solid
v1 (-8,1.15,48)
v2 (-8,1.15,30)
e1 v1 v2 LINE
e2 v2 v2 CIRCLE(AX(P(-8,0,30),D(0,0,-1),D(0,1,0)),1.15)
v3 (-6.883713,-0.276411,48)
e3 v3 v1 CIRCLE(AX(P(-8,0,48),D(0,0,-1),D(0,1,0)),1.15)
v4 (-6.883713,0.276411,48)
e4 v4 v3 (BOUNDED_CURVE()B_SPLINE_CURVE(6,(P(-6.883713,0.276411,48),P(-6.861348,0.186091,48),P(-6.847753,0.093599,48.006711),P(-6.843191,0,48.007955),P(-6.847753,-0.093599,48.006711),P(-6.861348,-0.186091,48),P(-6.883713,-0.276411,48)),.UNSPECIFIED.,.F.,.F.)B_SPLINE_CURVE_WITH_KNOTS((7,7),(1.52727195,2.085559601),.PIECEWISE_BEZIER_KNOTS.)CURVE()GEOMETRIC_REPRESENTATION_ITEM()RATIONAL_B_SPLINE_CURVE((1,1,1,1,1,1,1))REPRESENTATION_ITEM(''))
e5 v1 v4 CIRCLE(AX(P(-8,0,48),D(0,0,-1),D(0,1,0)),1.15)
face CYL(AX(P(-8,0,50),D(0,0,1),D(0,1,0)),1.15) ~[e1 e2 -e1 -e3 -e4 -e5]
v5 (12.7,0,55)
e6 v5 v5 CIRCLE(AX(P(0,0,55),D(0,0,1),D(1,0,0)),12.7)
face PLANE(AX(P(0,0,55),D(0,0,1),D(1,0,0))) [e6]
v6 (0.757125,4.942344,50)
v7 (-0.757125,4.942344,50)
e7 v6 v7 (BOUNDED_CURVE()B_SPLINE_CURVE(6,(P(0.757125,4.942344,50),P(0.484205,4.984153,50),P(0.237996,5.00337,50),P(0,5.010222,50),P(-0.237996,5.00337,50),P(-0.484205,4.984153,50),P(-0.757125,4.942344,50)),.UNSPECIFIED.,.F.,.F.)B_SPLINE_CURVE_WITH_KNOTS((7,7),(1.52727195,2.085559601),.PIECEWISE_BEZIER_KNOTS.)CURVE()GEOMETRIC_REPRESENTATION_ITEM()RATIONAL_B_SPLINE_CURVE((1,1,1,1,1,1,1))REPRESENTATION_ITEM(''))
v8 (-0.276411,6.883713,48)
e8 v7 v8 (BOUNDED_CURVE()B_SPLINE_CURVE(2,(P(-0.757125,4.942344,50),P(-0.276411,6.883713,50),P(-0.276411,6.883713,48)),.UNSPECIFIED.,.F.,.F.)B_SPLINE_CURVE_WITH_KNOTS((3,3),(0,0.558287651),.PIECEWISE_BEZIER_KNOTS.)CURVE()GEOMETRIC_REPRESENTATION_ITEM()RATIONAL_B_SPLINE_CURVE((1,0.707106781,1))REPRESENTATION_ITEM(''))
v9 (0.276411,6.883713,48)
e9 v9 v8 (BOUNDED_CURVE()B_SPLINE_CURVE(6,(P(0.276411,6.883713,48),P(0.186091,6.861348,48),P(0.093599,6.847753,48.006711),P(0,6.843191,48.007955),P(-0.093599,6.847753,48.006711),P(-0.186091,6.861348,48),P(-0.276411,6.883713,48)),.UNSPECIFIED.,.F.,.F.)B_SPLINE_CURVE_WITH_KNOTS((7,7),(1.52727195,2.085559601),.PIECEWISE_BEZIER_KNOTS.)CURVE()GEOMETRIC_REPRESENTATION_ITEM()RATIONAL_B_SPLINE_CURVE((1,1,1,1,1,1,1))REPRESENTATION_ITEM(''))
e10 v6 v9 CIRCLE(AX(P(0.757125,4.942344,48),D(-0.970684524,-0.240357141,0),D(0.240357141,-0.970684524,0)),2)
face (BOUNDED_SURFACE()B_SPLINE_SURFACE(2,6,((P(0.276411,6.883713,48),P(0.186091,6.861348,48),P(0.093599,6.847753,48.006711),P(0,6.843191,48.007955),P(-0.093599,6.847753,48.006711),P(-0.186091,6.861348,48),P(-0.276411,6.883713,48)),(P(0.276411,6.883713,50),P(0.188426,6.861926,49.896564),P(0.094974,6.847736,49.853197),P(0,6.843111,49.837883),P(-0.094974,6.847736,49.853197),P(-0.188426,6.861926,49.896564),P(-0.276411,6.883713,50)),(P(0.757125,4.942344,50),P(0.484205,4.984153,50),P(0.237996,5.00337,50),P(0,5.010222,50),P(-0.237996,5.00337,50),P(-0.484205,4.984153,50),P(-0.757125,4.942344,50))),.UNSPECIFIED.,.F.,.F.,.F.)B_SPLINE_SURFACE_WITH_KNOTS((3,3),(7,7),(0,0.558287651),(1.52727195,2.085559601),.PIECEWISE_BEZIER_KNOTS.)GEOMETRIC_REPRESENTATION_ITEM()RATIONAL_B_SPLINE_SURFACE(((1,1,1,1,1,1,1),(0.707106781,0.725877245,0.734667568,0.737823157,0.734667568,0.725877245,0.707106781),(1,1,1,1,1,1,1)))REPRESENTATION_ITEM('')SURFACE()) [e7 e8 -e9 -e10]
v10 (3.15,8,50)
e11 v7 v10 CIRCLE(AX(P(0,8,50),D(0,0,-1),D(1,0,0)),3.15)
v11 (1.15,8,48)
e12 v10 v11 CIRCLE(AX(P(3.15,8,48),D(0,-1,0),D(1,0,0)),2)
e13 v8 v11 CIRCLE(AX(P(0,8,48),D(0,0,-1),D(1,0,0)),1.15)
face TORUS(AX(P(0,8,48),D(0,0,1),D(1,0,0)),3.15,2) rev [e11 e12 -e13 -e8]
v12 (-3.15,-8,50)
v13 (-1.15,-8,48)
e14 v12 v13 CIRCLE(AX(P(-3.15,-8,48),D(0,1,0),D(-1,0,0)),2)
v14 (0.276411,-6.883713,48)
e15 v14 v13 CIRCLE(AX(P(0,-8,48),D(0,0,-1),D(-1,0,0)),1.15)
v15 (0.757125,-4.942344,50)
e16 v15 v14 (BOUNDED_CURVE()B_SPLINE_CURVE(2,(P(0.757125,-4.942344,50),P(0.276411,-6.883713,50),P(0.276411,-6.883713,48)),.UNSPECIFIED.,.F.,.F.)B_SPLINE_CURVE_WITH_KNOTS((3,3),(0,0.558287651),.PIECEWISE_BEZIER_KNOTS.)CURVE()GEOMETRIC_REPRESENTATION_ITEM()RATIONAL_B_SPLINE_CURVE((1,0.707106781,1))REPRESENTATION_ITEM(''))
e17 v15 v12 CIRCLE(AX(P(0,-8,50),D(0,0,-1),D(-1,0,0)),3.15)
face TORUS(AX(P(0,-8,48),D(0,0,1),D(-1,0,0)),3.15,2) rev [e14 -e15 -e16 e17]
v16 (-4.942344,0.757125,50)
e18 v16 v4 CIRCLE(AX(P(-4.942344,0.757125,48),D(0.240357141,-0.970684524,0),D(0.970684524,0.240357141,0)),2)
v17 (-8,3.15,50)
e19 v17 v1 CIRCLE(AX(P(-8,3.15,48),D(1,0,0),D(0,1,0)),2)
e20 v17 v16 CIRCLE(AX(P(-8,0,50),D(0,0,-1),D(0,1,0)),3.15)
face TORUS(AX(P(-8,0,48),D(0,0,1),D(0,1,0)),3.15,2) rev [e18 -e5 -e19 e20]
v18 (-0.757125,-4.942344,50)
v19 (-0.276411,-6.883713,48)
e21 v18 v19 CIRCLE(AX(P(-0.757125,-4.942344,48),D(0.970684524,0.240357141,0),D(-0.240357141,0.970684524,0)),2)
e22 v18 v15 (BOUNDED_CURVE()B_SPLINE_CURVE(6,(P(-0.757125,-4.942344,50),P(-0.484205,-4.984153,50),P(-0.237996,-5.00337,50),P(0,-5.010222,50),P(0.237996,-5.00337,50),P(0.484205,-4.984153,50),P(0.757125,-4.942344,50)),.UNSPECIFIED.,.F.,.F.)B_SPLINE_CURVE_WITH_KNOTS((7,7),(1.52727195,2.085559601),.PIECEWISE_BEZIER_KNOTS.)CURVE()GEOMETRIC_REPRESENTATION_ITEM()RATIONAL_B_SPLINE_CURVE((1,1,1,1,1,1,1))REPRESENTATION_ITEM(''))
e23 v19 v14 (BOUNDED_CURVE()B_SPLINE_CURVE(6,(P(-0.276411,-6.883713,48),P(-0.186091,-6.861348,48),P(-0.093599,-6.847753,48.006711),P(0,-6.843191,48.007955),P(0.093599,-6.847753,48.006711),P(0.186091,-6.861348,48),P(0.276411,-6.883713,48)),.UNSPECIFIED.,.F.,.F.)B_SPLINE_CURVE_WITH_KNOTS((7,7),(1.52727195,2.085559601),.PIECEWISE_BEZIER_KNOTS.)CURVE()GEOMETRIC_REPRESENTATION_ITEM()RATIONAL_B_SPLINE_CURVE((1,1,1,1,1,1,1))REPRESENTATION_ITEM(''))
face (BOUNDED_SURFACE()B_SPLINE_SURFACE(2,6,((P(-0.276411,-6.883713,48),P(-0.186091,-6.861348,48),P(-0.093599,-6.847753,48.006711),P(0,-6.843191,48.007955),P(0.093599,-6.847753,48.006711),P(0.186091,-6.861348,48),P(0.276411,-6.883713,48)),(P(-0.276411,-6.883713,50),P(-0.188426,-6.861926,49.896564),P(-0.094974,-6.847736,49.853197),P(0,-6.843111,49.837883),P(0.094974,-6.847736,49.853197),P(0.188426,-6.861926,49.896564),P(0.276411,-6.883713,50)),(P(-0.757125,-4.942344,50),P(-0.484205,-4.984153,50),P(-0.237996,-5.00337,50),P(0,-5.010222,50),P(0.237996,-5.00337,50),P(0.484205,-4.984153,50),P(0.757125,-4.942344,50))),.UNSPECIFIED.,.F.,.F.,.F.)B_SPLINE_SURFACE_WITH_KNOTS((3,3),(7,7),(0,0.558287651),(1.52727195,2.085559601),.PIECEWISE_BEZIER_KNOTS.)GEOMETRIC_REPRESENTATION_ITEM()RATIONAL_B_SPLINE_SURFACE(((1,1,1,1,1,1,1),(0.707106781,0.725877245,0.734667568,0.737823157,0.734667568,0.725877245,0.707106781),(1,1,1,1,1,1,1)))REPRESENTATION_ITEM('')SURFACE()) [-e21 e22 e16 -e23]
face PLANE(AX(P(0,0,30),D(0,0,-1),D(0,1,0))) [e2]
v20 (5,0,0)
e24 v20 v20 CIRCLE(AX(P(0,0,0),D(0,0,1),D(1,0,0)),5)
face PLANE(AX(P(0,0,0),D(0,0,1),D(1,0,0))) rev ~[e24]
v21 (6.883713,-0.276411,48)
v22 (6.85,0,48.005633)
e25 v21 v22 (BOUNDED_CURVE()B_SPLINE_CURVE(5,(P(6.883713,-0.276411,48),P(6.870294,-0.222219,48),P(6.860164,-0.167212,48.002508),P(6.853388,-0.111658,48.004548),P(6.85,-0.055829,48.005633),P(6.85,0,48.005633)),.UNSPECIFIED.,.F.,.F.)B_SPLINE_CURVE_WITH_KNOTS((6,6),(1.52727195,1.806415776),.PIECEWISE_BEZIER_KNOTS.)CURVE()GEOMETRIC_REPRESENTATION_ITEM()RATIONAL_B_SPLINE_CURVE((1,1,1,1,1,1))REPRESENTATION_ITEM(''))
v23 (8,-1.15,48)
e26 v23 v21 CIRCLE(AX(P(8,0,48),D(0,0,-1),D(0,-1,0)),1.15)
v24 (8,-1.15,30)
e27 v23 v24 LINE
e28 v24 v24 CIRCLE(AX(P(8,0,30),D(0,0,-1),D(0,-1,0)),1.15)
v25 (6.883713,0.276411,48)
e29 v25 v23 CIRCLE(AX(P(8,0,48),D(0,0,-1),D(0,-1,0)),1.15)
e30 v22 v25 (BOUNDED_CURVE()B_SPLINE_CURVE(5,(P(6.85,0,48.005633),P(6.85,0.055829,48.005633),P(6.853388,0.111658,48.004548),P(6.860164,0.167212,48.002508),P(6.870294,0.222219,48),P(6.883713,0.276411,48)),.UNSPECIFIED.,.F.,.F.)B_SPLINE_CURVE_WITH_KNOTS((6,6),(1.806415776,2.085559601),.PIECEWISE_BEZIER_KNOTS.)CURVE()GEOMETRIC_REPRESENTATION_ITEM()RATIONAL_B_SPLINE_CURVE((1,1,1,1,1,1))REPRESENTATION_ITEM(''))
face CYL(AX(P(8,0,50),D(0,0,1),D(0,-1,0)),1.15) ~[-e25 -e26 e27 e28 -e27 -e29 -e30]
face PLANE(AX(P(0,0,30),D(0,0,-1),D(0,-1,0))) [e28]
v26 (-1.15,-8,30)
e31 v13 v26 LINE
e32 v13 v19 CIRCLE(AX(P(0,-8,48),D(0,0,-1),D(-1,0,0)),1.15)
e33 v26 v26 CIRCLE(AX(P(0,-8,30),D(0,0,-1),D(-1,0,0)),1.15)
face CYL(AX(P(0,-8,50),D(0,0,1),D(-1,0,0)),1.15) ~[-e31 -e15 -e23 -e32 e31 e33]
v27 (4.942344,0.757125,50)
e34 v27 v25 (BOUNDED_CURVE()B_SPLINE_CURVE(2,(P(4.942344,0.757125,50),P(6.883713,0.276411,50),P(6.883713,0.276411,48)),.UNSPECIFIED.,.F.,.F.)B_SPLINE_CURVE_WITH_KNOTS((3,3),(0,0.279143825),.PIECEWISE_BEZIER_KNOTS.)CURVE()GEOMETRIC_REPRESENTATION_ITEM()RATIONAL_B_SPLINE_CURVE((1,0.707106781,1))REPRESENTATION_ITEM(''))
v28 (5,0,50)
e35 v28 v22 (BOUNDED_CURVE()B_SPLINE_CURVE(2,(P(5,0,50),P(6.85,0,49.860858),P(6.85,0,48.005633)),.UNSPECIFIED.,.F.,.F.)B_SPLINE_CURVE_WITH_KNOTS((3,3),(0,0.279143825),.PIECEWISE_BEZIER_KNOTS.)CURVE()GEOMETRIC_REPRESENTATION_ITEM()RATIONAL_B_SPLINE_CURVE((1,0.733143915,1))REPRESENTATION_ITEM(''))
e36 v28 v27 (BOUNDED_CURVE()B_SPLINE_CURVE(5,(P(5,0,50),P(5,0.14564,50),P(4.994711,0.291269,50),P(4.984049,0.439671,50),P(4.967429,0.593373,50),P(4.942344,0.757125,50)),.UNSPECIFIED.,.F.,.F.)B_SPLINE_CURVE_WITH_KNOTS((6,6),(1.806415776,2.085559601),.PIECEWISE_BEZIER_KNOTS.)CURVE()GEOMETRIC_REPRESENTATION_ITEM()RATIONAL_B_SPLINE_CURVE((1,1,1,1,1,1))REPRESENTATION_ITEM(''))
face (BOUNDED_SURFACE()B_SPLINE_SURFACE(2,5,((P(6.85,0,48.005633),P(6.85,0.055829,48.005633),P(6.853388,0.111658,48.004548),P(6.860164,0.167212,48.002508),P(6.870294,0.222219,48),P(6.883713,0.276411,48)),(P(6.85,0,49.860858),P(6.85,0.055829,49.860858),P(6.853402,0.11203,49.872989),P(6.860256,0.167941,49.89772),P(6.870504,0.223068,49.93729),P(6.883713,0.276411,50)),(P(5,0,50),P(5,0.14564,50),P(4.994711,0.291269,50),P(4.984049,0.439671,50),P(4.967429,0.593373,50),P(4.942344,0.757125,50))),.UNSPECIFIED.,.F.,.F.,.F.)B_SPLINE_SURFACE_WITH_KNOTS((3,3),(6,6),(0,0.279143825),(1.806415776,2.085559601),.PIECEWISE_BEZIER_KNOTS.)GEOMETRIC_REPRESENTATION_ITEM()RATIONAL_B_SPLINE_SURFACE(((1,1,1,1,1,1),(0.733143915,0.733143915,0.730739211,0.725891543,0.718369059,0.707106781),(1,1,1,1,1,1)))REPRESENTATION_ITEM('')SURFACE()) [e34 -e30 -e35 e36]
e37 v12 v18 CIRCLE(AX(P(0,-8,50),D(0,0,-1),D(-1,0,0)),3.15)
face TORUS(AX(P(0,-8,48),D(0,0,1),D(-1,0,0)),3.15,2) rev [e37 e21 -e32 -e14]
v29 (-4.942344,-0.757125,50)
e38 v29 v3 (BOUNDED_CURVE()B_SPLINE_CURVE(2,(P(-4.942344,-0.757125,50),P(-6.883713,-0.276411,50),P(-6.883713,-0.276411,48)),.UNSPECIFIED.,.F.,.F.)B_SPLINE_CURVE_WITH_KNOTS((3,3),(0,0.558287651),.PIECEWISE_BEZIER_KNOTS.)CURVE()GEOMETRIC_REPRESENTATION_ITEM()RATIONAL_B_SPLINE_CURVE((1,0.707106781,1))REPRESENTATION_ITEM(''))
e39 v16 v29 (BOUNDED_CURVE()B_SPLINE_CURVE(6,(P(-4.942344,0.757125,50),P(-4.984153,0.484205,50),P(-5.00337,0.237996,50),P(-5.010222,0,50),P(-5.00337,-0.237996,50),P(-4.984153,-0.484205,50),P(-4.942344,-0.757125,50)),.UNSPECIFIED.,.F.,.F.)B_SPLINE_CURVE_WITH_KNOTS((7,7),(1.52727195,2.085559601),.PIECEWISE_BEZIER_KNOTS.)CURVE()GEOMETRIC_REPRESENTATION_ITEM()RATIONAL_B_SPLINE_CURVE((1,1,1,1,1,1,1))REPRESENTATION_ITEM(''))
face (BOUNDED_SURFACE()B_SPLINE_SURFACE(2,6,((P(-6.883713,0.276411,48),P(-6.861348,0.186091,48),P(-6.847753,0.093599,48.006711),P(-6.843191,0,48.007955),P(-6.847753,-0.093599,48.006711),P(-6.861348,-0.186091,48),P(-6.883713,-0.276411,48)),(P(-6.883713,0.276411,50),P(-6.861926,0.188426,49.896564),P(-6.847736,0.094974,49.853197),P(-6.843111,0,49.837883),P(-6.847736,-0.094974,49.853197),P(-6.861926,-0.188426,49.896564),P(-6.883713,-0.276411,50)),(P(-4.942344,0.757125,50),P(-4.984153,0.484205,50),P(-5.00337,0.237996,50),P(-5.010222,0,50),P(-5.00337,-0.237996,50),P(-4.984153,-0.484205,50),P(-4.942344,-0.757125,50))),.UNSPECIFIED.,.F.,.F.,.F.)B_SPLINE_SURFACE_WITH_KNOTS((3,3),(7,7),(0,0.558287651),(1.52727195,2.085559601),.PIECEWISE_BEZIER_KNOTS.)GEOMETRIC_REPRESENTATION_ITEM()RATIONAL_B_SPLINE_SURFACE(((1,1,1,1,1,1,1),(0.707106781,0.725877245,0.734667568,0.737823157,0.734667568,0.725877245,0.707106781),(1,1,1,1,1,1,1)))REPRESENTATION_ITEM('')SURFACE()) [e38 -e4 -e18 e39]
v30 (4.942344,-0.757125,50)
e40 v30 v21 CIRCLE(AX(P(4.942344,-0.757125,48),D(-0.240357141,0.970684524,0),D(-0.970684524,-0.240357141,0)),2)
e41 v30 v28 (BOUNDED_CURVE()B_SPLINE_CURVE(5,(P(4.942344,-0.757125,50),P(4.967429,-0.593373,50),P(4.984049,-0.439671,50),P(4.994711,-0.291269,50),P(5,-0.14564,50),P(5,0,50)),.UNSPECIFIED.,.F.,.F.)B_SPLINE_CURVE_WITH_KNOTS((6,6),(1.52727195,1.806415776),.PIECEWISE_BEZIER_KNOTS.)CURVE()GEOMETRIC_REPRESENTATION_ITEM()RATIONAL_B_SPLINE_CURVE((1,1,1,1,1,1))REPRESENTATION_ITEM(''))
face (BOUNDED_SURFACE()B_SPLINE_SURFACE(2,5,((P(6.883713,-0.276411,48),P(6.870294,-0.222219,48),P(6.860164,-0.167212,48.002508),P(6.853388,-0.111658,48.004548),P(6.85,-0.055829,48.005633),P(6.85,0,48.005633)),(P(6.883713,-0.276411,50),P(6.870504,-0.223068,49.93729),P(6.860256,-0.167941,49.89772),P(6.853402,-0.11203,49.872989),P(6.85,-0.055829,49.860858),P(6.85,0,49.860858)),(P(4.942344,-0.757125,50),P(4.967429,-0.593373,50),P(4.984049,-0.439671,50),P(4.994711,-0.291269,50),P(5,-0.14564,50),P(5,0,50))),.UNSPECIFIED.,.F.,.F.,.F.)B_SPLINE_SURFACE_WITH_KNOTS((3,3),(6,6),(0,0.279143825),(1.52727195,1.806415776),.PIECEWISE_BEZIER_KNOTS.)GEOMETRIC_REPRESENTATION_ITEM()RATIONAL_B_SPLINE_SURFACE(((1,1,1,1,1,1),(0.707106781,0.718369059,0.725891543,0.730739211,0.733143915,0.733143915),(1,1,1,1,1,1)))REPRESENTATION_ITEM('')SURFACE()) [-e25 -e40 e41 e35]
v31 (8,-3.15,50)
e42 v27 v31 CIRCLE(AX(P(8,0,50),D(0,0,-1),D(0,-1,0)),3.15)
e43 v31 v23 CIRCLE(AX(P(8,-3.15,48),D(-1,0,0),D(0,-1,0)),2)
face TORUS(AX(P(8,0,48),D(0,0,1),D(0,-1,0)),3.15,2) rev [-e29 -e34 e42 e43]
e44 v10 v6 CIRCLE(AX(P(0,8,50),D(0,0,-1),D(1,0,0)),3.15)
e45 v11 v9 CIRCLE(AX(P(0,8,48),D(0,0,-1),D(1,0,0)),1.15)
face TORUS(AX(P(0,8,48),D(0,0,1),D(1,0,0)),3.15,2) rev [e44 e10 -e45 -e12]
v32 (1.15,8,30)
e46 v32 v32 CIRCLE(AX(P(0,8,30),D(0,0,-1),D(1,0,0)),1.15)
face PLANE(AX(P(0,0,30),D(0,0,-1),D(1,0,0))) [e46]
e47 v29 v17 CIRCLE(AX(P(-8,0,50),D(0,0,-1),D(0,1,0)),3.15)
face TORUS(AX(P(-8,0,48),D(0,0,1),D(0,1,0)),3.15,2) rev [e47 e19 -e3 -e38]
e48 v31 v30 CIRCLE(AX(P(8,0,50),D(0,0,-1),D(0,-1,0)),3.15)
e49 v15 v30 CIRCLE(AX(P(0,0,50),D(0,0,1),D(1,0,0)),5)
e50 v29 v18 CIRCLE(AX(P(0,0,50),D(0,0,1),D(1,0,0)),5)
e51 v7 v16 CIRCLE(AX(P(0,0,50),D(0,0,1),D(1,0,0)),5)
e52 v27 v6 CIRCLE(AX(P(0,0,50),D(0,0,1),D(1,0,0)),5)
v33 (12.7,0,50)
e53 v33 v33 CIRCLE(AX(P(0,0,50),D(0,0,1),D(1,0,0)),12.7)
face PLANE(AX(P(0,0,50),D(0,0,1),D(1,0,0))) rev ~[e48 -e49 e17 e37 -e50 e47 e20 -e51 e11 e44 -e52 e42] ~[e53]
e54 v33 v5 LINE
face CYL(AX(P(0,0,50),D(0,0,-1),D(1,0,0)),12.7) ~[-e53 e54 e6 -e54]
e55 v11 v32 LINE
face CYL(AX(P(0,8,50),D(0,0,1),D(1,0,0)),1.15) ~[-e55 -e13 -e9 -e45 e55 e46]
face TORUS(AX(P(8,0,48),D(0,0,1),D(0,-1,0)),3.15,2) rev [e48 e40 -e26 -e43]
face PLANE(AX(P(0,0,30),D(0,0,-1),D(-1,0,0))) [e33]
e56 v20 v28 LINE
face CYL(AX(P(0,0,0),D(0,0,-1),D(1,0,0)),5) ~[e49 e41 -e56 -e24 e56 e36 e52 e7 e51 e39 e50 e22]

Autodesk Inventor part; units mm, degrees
ref_plane "YZ Plane" through (0, 0, 0) normal (1, 0, 0) x (0, 1, 0)
ref_plane "XZ Plane" through (0, 0, 0) normal (0, 1, 0) x (-1, 0, 0)
ref_plane "XY Plane" through (0, 0, 0) normal (0, 0, 1) x (1, 0, 0)
sketch "Sketch1" plane through (0, 0, 0) normal (0, 0, 1) x (1, 0, 0)
  circle A0 centre (0, 0) radius 5
  dimension "d0" = 10
extrude "Extrusion1" add sketch "Sketch1" along normal blind 50
sketch "Sketch2" plane through (0, 0, 50) normal (0, 0, 1) x (1, 0, 0)
  circle A0 centre (0, 0) radius 5 projected
  circle A1 centre (0, 0) radius 12.7
  dimension "d3" = 25.4
extrude "Extrusion2" add sketch "Sketch2" along normal blind 5 contours A0 | A1
sketch "Sketch4" plane through (0, 0, 50) normal (0, 0, -1) x (-1, 0, 0)
  circle A0 centre (0, -8) radius 1.15
  point P0 (0, 0)
  dimension "d6" = 2.3
  dimension "d7" = 8
extrude "Extrusion3" add sketch "Sketch4" along normal blind 20
pattern_circular "Circular Pattern1" count 4 over 360 about axis through (0, 0, -10) along (0, 0, 1) of "Extrusion3"
fillet "Fillet1" radius 2 4 edges at (8, 1.15, 50) (1.15, -8, 50) (-1.15, 8, 50) (-8, -1.15, 50)
properties part number "Molde para barra solida hueca"
